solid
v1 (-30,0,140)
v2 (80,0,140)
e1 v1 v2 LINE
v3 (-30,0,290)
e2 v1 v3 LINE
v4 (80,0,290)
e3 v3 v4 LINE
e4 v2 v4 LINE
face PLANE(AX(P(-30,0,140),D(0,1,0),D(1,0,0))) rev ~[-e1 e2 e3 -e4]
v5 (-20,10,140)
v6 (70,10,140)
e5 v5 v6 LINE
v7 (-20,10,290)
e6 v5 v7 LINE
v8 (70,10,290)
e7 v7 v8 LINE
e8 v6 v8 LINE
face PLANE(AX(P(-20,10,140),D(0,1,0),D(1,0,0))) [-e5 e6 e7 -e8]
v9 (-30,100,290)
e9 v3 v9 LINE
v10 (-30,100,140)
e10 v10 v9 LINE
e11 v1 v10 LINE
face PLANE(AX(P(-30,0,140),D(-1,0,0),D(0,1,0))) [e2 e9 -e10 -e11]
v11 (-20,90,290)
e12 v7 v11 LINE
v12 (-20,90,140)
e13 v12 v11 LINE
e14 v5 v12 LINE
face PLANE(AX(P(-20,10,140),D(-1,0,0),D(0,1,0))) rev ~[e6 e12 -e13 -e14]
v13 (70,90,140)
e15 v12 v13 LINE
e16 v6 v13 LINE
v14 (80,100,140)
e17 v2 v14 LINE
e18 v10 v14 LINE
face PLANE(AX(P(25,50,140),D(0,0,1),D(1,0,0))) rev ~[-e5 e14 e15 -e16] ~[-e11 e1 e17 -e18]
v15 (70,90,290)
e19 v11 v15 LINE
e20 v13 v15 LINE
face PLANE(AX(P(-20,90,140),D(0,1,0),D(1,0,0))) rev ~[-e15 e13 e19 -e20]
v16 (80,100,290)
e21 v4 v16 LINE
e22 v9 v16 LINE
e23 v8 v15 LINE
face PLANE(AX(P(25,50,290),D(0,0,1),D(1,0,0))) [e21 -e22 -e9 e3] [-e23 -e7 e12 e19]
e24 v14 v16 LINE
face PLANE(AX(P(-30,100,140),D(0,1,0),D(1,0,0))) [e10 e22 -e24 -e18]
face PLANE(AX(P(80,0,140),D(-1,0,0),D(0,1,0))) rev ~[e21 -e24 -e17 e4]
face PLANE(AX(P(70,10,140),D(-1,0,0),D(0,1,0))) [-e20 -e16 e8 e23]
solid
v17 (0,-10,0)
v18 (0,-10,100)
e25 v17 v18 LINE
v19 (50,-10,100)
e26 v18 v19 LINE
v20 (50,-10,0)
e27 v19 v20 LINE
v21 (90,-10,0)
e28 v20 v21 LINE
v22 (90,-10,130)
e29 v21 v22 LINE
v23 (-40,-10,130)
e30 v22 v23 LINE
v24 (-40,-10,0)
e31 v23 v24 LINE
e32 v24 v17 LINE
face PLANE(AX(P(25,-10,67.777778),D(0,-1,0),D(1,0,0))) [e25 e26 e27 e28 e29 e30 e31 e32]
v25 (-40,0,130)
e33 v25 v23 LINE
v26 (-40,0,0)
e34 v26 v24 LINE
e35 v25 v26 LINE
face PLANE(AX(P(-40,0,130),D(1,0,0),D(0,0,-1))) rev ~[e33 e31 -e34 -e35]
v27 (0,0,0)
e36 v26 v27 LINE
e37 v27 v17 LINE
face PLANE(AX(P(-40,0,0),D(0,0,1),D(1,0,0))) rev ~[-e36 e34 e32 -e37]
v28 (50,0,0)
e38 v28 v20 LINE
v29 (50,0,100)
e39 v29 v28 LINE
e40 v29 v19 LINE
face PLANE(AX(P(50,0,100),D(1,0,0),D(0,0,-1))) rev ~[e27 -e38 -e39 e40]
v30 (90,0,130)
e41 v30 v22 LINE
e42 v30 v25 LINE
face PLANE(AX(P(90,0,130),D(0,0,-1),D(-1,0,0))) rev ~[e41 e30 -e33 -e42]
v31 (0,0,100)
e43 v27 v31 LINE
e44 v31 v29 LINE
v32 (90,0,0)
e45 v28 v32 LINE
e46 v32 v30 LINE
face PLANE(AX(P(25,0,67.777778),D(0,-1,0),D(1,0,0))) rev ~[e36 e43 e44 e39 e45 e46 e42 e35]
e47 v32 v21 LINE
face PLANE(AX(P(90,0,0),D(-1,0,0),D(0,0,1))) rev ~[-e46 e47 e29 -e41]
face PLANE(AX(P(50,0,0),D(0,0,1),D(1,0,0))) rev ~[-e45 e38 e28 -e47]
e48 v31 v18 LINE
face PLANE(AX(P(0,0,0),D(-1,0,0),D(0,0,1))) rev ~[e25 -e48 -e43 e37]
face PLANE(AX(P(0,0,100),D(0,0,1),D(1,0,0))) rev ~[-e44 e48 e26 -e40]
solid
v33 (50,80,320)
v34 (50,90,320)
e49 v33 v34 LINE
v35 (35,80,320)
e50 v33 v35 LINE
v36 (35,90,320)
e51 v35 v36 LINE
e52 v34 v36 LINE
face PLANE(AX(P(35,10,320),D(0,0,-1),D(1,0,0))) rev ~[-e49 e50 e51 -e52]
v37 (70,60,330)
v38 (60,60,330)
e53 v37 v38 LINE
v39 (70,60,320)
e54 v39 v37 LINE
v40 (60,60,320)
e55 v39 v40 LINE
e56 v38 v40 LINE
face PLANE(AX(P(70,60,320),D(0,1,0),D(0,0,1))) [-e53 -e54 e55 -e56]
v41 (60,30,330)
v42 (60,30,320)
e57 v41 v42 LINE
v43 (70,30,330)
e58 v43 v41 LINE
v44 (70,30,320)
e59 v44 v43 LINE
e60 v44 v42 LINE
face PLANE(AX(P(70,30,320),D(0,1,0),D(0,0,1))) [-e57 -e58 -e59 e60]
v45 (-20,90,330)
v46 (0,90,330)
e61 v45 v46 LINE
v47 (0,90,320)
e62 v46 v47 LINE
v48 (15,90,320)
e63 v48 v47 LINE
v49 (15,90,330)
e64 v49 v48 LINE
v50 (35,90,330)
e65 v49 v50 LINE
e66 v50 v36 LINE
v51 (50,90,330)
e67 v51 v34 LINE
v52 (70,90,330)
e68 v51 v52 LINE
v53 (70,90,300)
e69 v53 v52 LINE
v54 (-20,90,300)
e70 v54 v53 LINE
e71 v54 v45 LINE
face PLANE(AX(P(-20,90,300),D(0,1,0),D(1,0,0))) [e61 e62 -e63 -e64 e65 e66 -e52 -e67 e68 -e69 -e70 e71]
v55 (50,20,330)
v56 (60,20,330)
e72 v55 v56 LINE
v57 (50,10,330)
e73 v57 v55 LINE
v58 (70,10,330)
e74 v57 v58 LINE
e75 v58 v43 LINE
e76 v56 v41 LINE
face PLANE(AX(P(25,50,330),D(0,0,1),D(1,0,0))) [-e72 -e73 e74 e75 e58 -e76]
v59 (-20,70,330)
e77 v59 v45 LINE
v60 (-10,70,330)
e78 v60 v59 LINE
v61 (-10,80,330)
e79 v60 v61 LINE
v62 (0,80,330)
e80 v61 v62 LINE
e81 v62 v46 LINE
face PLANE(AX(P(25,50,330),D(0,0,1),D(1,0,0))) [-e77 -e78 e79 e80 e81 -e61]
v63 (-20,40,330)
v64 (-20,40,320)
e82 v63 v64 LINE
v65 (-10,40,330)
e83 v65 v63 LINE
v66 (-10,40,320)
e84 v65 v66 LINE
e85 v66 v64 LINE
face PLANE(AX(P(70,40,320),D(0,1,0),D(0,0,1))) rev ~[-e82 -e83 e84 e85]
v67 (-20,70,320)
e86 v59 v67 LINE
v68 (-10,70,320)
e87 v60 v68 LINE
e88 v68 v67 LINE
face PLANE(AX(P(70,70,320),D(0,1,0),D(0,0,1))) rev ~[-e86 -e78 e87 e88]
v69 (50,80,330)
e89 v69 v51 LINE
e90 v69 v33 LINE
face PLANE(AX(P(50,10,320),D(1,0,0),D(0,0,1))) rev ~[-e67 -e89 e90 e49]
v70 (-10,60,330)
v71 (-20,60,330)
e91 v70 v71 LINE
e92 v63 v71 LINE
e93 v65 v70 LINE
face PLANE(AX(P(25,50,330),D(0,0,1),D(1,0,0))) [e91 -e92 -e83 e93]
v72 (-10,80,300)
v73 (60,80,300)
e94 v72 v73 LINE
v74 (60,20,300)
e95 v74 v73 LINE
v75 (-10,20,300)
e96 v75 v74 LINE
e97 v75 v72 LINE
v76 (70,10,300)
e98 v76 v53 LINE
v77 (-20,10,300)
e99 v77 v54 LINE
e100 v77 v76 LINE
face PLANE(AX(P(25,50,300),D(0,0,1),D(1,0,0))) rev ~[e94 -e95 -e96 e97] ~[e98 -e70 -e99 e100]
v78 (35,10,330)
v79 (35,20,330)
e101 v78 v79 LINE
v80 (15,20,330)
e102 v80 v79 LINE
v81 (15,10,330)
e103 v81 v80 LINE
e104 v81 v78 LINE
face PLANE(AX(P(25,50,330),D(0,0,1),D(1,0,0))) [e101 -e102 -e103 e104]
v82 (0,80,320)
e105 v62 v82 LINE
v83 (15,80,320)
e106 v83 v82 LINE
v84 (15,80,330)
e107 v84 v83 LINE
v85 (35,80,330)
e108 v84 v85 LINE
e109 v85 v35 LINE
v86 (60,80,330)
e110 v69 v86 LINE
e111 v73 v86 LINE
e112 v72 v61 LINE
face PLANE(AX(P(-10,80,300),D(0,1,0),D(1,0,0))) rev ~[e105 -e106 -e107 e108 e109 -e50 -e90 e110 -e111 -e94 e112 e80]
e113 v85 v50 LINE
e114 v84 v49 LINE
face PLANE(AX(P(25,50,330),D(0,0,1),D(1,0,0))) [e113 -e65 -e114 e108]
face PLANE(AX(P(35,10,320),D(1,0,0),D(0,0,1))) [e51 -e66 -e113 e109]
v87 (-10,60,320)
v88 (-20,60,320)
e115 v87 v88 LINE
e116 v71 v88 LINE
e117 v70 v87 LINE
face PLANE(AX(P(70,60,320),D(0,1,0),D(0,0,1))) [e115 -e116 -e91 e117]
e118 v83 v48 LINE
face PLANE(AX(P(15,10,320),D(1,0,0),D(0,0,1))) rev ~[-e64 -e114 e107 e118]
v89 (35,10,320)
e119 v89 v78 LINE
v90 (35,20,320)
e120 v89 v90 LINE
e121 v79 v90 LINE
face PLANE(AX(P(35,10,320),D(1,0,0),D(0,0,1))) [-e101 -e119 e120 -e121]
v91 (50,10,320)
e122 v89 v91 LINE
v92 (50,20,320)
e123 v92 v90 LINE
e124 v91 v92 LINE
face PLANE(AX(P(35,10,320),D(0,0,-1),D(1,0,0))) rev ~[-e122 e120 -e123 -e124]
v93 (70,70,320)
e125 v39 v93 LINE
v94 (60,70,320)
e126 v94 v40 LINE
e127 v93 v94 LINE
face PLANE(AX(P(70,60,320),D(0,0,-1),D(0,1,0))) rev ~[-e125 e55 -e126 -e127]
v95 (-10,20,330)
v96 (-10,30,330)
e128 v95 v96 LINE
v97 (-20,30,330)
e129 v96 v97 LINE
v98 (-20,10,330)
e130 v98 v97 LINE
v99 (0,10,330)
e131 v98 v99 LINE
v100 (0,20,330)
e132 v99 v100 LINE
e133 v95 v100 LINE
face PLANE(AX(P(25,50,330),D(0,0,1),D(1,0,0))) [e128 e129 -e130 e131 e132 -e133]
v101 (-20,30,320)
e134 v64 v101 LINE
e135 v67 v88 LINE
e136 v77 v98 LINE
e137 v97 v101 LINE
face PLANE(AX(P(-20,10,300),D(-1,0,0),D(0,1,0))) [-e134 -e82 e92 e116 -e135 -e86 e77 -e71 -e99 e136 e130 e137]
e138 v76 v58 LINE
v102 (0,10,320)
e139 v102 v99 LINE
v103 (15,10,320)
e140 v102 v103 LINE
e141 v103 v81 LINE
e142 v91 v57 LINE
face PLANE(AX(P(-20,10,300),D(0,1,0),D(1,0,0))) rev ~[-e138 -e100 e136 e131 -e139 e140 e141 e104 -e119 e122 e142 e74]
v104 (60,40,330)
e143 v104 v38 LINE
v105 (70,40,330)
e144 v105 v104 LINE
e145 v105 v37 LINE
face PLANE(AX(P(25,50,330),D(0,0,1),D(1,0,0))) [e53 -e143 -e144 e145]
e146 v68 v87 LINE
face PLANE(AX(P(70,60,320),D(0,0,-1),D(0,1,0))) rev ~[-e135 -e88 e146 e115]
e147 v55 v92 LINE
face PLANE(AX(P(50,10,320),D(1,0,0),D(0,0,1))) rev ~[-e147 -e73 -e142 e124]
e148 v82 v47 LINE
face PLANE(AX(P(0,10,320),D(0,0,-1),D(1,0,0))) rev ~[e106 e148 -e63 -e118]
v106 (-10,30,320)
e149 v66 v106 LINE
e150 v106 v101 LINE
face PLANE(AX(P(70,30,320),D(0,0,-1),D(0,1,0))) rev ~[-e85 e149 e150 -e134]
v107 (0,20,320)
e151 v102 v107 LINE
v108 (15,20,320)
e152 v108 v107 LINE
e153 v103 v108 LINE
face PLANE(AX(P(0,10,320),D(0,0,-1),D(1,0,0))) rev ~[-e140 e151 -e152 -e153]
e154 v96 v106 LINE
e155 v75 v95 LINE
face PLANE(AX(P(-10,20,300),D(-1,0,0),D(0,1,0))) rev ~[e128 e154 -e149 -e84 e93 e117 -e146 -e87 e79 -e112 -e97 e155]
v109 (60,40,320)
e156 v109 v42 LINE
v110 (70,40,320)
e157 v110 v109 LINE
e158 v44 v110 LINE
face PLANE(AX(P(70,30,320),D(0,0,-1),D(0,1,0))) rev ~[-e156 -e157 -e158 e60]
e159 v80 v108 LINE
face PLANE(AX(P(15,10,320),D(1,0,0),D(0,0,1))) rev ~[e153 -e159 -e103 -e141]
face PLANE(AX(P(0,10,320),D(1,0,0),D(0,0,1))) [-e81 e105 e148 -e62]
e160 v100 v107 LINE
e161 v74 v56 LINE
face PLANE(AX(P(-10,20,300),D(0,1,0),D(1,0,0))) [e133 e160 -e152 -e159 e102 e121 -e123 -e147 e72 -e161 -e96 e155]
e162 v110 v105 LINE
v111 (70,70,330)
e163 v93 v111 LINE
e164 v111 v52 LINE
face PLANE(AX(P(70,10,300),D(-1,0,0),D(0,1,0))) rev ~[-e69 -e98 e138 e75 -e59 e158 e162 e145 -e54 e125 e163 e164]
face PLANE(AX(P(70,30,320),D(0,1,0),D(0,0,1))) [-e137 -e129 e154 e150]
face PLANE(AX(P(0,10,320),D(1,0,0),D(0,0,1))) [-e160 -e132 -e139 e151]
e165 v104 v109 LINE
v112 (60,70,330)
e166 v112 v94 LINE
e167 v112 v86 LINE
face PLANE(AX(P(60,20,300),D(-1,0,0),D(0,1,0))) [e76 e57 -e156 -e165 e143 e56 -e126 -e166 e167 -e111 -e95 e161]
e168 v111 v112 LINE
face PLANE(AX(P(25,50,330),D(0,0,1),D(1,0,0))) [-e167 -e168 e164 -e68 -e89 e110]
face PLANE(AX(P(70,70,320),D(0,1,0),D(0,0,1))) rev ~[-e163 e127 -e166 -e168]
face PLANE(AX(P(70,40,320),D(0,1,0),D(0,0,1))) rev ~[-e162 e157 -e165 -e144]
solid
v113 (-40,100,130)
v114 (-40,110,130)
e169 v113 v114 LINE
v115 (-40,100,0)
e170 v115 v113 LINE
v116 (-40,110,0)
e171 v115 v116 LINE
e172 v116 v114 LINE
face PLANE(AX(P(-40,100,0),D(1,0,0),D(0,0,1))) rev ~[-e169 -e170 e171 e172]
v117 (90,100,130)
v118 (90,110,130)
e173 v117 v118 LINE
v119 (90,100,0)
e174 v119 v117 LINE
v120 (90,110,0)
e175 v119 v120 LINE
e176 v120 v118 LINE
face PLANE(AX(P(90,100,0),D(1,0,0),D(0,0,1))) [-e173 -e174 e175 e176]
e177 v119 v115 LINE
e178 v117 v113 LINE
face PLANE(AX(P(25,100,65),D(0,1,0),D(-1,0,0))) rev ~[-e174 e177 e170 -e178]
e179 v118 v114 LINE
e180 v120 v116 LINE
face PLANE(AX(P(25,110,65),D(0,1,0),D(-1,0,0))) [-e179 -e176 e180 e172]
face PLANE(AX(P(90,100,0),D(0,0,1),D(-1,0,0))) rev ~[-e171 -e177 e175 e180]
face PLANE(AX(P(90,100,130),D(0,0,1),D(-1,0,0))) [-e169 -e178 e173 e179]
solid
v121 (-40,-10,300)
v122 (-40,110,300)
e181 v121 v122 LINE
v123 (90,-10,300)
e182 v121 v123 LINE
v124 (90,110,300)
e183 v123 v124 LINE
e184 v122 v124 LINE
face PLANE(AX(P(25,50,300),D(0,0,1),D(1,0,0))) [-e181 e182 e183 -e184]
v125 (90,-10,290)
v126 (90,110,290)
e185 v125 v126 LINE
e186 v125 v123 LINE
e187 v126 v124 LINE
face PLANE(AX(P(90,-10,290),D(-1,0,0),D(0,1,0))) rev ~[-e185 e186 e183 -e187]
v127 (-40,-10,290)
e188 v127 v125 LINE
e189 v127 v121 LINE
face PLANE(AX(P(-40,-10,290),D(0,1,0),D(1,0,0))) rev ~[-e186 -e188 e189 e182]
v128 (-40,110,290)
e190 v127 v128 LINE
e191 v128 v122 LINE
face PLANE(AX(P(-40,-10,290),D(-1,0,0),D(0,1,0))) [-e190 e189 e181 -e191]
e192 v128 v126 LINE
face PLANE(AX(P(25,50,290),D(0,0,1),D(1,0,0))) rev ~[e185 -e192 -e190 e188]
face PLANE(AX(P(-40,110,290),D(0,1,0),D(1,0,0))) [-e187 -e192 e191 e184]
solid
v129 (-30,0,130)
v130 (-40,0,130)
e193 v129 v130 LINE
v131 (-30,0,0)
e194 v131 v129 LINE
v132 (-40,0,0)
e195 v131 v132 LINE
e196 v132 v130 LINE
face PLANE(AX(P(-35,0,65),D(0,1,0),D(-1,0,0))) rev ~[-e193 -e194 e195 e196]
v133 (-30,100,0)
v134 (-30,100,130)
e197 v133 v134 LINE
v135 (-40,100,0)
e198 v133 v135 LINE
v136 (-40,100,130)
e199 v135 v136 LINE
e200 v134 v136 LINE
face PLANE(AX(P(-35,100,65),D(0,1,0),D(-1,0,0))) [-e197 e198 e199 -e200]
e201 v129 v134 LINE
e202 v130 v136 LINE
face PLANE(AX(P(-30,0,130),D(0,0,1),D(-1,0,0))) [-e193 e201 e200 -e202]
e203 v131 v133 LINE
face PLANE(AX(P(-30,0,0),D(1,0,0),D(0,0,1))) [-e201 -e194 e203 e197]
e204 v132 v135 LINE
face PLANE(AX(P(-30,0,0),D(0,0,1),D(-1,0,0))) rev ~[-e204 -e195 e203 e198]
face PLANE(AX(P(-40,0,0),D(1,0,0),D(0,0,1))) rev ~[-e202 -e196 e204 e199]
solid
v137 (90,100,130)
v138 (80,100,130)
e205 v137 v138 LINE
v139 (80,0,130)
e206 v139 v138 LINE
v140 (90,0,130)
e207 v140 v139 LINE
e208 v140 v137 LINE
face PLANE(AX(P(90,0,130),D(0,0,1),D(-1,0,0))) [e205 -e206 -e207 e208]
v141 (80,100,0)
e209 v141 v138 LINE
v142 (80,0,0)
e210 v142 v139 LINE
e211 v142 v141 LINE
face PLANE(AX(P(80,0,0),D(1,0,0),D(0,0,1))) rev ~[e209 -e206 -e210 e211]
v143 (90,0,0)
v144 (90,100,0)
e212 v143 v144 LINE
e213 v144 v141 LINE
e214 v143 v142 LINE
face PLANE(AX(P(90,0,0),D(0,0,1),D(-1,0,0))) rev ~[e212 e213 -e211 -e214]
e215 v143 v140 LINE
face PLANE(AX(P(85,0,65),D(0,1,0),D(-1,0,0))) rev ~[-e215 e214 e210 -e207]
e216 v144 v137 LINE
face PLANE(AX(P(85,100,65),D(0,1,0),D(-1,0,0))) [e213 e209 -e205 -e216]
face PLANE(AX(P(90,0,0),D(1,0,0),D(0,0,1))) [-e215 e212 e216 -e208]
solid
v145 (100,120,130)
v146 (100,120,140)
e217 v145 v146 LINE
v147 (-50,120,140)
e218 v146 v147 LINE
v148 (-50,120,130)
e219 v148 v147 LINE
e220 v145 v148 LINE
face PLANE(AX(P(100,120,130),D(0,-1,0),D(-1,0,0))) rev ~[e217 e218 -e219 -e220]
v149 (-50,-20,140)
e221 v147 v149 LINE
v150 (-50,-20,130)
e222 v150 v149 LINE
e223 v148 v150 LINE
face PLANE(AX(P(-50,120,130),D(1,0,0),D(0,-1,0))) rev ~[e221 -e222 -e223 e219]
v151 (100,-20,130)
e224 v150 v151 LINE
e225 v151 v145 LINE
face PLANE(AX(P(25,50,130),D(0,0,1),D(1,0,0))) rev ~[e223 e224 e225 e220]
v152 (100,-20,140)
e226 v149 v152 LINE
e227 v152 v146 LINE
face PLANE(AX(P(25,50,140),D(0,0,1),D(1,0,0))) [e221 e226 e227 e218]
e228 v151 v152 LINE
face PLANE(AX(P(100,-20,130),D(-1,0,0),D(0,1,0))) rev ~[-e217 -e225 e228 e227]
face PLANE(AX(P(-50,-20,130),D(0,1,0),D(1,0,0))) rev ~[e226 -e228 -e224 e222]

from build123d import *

# Parameters (mm, degrees)
F1_DEPTH  = 10
F2_W      = 10
F2_H      = 130
F3_DEPTH  = 100
F4_W      = 130
F4_H      = 130
F5_DEPTH  = 10
F7_DEPTH  = 10
F8_W      = 110
F8_H      = 100
F8_W_2    = 90
F8_H_2    = 80
F9_DEPTH  = 150
F10_W     = 130
F10_H     = 120
F11_DEPTH = 10
F12_W     = 90
F12_H     = 80
F12_W_2   = 70
F12_H_2   = 60
F13_DEPTH = 30
F14_W     = 15
F14_H     = 10
F15_DEPTH = 110.001
F16_W     = 10
F16_H     = 10
F17_DEPTH = 120.001


with BuildPart() as f1:
    # F0 (on Front) → F1 (new body)
    with BuildSketch(Plane.XZ):
        Polygon((-40, 0), (0, 0), (0, 100), (50, 100), (50, 0), (90, 0), (90, 130), (-40, 130), align=None)
    extrude(amount=F1_DEPTH)


with BuildPart() as f3:
    # F2 (on face) → F3 (new body)
    with BuildSketch(Plane(origin=(0, 0, 0), x_dir=(-1, 0, 0), z_dir=(0, 1, 0))):
        with Locations((-85, 65)):
            Rectangle(F2_W, F2_H)
        with Locations((35, 65)):
            Rectangle(F2_W, F2_H)
    extrude(amount=F3_DEPTH)


with BuildPart() as f5:
    # F4 (on face) → F5 (new body)
    with BuildSketch(Plane(origin=(0, 100, 0), x_dir=(-1, 0, 0), z_dir=(0, 1, 0))):
        with Locations((-25, 65)):
            Rectangle(F4_W, F4_H)
    extrude(amount=F5_DEPTH)


with BuildPart() as f7:
    # F6 (on face) → F7 (new body)
    with BuildSketch(Plane.XY.offset(130)):
        Polygon((100, 120), (-50, 120), (-50, 100), (-50, 0), (-50, -20), (100, -20), (100, 0), (100, 100), align=None)
    extrude(amount=F7_DEPTH)


with BuildPart() as f9:
    # F8 (on face) → F9 (new body)
    with BuildSketch(Plane.XY.offset(140)):
        with Locations((25, 50)):
            Rectangle(F8_W, F8_H)
        with Locations((25, 50)):
            Rectangle(F8_W_2, F8_H_2, mode=Mode.SUBTRACT)
    extrude(amount=F9_DEPTH)


with BuildPart() as f11:
    # F10 (on face) → F11 (new body)
    with BuildSketch(Plane.XY.offset(290)):
        with Locations((25, 50)):
            Rectangle(F10_W, F10_H)
    extrude(amount=F11_DEPTH)


with BuildPart() as f13:
    # F12 (on face) → F13 (new body)
    with BuildSketch(Plane.XY.offset(300)):
        with Locations((25, 50)):
            Rectangle(F12_W, F12_H)
        with Locations((25, 50)):
            Rectangle(F12_W_2, F12_H_2, mode=Mode.SUBTRACT)
    extrude(amount=F13_DEPTH)

    # F14 (on face) → F15 (cut, through all)
    with BuildSketch(Plane.XZ.offset(-10)):
        with Locations((7.5, 325)):
            Rectangle(F14_W, F14_H)
        with Locations((42.5, 325)):
            Rectangle(F14_W, F14_H)
    extrude(amount=-F15_DEPTH, mode=Mode.SUBTRACT)

    # F16 (on face) → F17 (cut, through all)
    with BuildSketch(Plane.YZ.offset(70)):
        with Locations((35, 325)):
            Rectangle(F16_W, F16_H)
        with Locations((65, 325)):
            Rectangle(F16_W, F16_H)
    extrude(amount=-F17_DEPTH, mode=Mode.SUBTRACT)


solid = Compound([f1.part, f3.part, f5.part, f7.part, f9.part, f11.part, f13.part])
